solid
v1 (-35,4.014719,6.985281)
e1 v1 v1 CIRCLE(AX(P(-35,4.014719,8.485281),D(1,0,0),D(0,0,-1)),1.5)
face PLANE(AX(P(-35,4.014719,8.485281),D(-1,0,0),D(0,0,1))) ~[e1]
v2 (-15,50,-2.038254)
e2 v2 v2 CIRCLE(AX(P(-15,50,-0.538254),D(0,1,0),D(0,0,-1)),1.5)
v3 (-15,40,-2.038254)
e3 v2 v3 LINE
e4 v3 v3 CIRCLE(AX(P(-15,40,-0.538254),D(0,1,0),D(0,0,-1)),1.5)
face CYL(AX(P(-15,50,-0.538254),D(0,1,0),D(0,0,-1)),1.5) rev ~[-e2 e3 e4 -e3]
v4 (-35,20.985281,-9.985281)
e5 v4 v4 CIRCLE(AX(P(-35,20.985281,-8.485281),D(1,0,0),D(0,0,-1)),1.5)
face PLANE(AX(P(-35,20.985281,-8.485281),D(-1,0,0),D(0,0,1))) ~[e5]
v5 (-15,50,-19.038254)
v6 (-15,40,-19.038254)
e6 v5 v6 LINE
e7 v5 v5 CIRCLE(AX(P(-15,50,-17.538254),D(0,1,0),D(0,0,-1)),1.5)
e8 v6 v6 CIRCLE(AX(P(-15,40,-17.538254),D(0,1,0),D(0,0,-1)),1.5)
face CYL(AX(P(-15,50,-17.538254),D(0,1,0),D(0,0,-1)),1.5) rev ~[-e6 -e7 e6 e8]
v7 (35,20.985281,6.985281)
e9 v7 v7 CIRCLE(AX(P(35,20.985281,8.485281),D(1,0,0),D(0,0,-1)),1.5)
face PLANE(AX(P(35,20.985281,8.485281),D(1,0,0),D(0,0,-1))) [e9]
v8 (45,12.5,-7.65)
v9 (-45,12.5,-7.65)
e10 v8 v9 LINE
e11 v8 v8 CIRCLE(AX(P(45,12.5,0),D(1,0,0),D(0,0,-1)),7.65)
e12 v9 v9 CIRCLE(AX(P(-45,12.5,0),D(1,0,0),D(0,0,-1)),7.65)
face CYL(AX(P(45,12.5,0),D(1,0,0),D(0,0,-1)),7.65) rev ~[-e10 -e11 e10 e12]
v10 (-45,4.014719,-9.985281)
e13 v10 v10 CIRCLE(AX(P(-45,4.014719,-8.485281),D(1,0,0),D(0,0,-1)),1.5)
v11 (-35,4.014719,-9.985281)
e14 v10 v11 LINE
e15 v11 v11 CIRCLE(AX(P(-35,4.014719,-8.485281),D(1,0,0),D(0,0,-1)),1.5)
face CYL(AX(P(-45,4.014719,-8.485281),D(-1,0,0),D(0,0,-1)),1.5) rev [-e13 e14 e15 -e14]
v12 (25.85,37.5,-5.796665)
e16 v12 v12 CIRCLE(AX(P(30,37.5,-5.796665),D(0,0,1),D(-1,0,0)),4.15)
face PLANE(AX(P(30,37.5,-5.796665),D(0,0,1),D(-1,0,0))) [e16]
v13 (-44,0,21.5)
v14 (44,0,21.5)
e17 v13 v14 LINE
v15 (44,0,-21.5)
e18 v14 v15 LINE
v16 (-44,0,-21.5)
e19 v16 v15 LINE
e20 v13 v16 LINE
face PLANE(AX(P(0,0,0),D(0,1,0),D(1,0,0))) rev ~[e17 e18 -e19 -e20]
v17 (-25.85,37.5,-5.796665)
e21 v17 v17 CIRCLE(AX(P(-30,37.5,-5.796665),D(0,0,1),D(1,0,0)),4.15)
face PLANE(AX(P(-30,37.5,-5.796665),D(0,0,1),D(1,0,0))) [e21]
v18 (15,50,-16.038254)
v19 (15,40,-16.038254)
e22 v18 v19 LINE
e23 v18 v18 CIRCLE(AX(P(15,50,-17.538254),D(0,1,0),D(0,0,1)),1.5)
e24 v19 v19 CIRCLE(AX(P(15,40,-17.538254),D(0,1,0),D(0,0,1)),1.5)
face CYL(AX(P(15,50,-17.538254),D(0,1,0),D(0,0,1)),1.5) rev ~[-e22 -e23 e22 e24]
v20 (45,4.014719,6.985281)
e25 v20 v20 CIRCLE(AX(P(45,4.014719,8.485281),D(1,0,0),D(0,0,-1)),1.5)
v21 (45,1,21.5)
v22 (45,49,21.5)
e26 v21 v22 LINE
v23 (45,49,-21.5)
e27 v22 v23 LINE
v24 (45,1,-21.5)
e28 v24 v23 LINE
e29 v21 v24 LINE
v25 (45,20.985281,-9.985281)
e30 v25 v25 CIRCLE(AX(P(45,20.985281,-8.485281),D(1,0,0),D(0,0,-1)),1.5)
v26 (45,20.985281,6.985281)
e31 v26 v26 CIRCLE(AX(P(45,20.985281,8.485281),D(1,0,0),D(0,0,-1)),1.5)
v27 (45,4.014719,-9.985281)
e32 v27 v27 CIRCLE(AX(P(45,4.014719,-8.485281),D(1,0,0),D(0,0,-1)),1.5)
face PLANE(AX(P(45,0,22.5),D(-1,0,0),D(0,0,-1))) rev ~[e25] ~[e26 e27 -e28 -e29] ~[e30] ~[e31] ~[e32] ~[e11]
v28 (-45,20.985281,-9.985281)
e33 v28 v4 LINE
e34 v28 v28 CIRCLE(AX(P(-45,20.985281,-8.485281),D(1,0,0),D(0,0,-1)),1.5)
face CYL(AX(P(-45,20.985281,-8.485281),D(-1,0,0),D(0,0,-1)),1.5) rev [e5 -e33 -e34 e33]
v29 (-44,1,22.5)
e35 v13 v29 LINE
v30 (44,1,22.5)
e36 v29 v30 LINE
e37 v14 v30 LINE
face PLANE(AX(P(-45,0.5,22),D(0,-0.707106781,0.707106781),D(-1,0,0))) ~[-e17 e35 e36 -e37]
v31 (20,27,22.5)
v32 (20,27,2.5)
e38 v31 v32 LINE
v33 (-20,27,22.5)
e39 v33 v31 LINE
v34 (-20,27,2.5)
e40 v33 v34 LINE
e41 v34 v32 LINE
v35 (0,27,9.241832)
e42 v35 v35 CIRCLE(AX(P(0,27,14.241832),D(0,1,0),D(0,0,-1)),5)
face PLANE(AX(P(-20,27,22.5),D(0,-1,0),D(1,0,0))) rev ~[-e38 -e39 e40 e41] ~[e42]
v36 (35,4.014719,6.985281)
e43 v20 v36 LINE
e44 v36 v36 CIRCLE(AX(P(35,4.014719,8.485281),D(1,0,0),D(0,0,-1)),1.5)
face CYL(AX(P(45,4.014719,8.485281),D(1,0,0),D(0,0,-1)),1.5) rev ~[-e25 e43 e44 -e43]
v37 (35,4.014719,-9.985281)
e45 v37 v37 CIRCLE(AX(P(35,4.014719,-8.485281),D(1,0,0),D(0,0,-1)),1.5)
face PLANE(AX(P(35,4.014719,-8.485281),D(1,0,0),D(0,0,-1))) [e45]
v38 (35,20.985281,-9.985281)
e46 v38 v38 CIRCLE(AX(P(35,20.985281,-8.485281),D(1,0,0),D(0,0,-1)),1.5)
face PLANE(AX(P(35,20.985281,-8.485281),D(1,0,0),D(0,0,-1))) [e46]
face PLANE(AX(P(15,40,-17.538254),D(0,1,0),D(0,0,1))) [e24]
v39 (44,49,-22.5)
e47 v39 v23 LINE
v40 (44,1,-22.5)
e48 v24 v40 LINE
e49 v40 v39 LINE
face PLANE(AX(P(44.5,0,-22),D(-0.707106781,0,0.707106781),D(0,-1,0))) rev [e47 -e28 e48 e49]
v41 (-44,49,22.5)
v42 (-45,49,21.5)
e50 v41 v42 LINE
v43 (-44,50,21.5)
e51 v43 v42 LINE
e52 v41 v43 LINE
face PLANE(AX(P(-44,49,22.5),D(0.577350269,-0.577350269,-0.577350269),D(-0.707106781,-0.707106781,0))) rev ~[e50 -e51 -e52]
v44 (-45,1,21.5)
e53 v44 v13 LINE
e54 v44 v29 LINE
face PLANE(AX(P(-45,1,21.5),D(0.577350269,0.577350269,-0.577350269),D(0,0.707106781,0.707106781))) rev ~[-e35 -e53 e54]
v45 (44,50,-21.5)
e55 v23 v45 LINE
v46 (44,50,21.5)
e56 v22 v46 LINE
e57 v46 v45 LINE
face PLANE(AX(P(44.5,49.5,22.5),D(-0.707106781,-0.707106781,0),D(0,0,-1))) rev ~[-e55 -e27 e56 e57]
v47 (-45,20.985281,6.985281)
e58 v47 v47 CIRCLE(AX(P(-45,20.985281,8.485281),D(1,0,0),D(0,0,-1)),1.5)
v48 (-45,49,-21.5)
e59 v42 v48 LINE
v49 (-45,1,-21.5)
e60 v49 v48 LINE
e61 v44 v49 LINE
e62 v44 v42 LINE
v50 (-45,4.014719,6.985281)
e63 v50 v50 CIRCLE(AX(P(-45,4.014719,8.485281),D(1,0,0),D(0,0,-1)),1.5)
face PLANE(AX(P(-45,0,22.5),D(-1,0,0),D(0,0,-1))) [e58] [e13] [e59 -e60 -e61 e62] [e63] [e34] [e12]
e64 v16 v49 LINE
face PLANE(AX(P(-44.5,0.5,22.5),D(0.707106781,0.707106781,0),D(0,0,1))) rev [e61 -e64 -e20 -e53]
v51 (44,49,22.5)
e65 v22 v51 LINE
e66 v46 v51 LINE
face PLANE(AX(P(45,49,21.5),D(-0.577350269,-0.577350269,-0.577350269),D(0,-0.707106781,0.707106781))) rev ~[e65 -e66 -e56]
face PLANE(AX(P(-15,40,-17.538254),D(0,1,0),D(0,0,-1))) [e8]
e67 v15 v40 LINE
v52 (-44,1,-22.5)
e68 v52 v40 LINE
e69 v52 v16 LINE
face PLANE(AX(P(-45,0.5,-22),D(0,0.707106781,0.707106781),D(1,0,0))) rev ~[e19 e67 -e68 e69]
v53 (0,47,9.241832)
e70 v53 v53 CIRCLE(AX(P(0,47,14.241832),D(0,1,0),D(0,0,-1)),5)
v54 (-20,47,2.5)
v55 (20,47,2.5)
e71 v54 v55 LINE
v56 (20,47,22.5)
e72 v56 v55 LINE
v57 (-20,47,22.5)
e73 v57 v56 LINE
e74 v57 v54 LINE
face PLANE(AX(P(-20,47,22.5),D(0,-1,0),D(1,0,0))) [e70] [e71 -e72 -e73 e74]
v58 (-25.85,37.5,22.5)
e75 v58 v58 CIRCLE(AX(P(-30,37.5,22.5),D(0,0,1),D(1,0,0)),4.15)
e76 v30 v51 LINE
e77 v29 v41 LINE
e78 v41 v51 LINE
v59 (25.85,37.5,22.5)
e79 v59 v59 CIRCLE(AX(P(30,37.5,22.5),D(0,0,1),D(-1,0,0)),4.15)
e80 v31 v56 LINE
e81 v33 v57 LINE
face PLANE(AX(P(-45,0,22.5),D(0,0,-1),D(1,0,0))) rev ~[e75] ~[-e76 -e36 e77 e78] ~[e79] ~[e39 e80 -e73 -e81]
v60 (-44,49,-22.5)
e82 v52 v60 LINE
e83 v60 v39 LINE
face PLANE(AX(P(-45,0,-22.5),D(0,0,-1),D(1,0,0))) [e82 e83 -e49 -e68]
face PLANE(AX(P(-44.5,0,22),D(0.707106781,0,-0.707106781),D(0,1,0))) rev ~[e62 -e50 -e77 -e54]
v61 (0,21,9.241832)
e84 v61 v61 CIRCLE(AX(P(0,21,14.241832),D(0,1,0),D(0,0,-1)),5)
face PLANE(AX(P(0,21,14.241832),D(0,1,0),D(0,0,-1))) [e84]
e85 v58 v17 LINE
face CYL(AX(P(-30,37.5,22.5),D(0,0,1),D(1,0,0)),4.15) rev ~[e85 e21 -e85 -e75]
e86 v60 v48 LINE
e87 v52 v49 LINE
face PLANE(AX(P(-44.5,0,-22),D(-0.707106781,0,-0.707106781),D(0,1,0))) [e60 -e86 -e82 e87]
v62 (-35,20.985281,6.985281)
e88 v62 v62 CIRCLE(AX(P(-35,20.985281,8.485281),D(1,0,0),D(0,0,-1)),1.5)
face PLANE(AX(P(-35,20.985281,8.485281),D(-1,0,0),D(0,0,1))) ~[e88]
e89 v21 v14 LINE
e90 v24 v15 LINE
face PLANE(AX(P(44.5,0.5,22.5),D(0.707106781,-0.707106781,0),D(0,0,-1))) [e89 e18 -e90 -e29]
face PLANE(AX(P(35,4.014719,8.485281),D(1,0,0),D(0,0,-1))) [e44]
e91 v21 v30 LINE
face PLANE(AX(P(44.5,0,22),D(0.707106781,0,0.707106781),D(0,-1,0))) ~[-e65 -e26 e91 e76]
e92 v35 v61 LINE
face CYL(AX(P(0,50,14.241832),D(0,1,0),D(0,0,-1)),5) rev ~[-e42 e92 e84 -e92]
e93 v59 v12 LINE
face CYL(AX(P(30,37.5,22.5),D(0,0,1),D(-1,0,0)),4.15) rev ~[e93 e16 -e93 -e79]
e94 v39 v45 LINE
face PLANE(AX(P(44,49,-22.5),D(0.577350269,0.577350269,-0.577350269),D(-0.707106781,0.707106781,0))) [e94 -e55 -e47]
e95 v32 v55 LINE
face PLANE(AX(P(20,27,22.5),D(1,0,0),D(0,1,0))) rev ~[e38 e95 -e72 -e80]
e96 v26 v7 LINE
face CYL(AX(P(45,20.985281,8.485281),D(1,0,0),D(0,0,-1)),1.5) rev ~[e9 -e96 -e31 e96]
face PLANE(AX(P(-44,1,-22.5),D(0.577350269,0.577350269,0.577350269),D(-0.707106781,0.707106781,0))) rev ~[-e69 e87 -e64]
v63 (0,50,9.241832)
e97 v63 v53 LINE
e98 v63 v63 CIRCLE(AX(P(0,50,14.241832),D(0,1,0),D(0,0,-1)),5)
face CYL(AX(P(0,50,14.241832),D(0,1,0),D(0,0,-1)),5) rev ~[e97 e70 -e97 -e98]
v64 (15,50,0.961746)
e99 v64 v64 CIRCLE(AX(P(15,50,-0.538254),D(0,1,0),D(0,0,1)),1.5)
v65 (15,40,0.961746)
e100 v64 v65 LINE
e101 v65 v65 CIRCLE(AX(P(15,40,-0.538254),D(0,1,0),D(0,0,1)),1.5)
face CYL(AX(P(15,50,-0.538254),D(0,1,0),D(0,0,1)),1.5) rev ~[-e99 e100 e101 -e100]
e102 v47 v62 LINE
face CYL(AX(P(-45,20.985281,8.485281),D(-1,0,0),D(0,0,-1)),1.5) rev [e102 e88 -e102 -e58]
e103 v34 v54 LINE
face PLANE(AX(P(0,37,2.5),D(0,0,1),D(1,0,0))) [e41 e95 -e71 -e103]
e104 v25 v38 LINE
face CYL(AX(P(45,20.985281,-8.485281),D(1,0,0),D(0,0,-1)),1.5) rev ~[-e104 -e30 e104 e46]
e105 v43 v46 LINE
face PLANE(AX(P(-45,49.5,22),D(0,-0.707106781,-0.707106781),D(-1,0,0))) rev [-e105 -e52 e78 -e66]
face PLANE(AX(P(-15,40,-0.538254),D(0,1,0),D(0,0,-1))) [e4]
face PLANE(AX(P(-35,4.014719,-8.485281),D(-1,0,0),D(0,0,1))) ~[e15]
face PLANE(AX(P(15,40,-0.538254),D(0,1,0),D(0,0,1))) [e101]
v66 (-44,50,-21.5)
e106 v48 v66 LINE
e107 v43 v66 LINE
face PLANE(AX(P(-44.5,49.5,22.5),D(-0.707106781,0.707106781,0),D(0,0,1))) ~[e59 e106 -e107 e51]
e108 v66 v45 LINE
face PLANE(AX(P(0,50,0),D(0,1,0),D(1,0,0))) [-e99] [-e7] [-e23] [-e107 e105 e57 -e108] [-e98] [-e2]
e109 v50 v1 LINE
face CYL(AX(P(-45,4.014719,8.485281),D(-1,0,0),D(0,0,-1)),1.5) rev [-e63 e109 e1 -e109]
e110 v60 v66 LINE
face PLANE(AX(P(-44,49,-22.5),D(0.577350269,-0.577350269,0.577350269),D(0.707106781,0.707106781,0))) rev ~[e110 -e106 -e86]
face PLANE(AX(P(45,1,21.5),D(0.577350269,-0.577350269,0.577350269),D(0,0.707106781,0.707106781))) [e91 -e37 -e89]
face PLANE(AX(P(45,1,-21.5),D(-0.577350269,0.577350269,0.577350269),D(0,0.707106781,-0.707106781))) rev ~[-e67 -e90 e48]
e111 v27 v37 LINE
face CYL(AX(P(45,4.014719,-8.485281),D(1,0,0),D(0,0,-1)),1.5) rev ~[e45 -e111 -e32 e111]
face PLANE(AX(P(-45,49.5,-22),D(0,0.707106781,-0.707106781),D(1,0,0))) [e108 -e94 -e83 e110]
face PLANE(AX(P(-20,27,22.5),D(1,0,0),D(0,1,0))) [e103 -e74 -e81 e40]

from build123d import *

# Parameters (mm, degrees)
SKETCH1_W           = 90
SKETCH1_H           = 45
BOSS_EXTRUDE1_DEPTH = 50
SKETCH2_R           = 4.15
CUT_EXTRUDE1_DEPTH  = 28.296664924
SKETCH3_R           = 7.65
CUT_EXTRUDE2_DEPTH  = 106.386194542
SKETCH4_R           = 1.5
CUT_EXTRUDE3_DEPTH  = 10
CHAMFER1_SIZE       = 1
SKETCH5_R           = 1.5
CUT_EXTRUDE4_DEPTH  = 10
SKETCH6_W           = 40
SKETCH6_H           = 20
CUT_EXTRUDE5_DEPTH  = 20
SKETCH7_R           = 5
CUT_EXTRUDE6_DEPTH  = 29


with BuildPart() as part:
    # Sketch1 → Boss-Extrude1 (new body)
    with BuildSketch(Plane(origin=(0, 0, 0), x_dir=(1, 0, 0), z_dir=(0, 1, 0))):
        Rectangle(SKETCH1_W, SKETCH1_H)
    extrude(amount=BOSS_EXTRUDE1_DEPTH)

    # Sketch2 → Cut-Extrude1 (cut)
    with BuildSketch(Plane.XY.offset(22.5)):
        with Locations((-30, 37.5)):
            Circle(SKETCH2_R)
        with Locations(Location((30, 37.5, 0), (0, 0, 180))):
            Circle(SKETCH2_R)
    extrude(amount=-CUT_EXTRUDE1_DEPTH, mode=Mode.SUBTRACT)

    # Sketch3 → Cut-Extrude2 (cut, through all)
    with BuildSketch(Plane(origin=(45, 0, 0), x_dir=(0, 0, -1), z_dir=(1, 0, 0))):
        with Locations((0, 12.5)):
            Circle(SKETCH3_R)
    extrude(amount=-CUT_EXTRUDE2_DEPTH, mode=Mode.SUBTRACT)

    # Sketch4 → Cut-Extrude3 (cut)
    with BuildSketch(Plane(origin=(45, 0, 0), x_dir=(0, 0, -1), z_dir=(1, 0, 0))):
        with Locations((-8.485281374, 20.985281374)):
            Circle(SKETCH4_R)
        with Locations((8.485281374, 20.985281374)):
            Circle(SKETCH4_R)
        with Locations((8.485281374, 4.014718626)):
            Circle(SKETCH4_R)
        with Locations((-8.485281374, 4.014718626)):
            Circle(SKETCH4_R)
    cut_extrude3 = extrude(amount=-CUT_EXTRUDE3_DEPTH, mode=Mode.SUBTRACT)

    # Mirror1: Cut-Extrude3 across plane
    add(cut_extrude3.mirror(Plane(origin=(0, 0, 0), x_dir=(0, 0, 1), z_dir=(1, 0, 0))), mode=Mode.SUBTRACT)

    # Chamfer1
    chamfer1_edges = [part.edges().sort_by_distance(p)[0] for p in [
        (-45, 50, 0),
        (0, 50, 22.5),
        (45, 50, 0),
        (0, 0, 22.5),
        (-45, 0, 0),
        (0, 0, -22.5),
        (45, 0, 0),
        (45, 25, 22.5),
        (-45, 25, 22.5),
        (-45, 25, -22.5),
        (45, 25, -22.5),
        (0, 50, -22.5),
    ]]
    chamfer(chamfer1_edges, length=CHAMFER1_SIZE)

    # Sketch5 → Cut-Extrude4 (cut)
    with BuildSketch(Plane(origin=(0, 50, 0), x_dir=(1, 0, 0), z_dir=(0, 1, 0))):
        with Locations(Location((15, 0.53825434, 0), (0, 0, 270))):
            Circle(SKETCH5_R)
        with Locations(Location((15, 17.53825434, 0), (0, 0, 270))):
            Circle(SKETCH5_R)
        with Locations(Location((-15, 17.53825434, 0), (0, 0, 90))):
            Circle(SKETCH5_R)
        with Locations(Location((-15, 0.53825434, 0), (0, 0, 90))):
            Circle(SKETCH5_R)
    extrude(amount=-CUT_EXTRUDE4_DEPTH, mode=Mode.SUBTRACT)

    # Sketch6 → Cut-Extrude5 (cut)
    with BuildSketch(Plane.XY.offset(22.5)):
        with Locations((0, 37)):
            Rectangle(SKETCH6_W, SKETCH6_H)
    extrude(amount=-CUT_EXTRUDE5_DEPTH, mode=Mode.SUBTRACT)

    # Sketch7 → Cut-Extrude6 (cut)
    with BuildSketch(Plane(origin=(0, 50, 0), x_dir=(1, 0, 0), z_dir=(0, 1, 0))):
        with Locations(Location((0, -14.241832216, 0), (0, 0, 90))):
            Circle(SKETCH7_R)
    extrude(amount=-CUT_EXTRUDE6_DEPTH, mode=Mode.SUBTRACT)


solid = part.part
